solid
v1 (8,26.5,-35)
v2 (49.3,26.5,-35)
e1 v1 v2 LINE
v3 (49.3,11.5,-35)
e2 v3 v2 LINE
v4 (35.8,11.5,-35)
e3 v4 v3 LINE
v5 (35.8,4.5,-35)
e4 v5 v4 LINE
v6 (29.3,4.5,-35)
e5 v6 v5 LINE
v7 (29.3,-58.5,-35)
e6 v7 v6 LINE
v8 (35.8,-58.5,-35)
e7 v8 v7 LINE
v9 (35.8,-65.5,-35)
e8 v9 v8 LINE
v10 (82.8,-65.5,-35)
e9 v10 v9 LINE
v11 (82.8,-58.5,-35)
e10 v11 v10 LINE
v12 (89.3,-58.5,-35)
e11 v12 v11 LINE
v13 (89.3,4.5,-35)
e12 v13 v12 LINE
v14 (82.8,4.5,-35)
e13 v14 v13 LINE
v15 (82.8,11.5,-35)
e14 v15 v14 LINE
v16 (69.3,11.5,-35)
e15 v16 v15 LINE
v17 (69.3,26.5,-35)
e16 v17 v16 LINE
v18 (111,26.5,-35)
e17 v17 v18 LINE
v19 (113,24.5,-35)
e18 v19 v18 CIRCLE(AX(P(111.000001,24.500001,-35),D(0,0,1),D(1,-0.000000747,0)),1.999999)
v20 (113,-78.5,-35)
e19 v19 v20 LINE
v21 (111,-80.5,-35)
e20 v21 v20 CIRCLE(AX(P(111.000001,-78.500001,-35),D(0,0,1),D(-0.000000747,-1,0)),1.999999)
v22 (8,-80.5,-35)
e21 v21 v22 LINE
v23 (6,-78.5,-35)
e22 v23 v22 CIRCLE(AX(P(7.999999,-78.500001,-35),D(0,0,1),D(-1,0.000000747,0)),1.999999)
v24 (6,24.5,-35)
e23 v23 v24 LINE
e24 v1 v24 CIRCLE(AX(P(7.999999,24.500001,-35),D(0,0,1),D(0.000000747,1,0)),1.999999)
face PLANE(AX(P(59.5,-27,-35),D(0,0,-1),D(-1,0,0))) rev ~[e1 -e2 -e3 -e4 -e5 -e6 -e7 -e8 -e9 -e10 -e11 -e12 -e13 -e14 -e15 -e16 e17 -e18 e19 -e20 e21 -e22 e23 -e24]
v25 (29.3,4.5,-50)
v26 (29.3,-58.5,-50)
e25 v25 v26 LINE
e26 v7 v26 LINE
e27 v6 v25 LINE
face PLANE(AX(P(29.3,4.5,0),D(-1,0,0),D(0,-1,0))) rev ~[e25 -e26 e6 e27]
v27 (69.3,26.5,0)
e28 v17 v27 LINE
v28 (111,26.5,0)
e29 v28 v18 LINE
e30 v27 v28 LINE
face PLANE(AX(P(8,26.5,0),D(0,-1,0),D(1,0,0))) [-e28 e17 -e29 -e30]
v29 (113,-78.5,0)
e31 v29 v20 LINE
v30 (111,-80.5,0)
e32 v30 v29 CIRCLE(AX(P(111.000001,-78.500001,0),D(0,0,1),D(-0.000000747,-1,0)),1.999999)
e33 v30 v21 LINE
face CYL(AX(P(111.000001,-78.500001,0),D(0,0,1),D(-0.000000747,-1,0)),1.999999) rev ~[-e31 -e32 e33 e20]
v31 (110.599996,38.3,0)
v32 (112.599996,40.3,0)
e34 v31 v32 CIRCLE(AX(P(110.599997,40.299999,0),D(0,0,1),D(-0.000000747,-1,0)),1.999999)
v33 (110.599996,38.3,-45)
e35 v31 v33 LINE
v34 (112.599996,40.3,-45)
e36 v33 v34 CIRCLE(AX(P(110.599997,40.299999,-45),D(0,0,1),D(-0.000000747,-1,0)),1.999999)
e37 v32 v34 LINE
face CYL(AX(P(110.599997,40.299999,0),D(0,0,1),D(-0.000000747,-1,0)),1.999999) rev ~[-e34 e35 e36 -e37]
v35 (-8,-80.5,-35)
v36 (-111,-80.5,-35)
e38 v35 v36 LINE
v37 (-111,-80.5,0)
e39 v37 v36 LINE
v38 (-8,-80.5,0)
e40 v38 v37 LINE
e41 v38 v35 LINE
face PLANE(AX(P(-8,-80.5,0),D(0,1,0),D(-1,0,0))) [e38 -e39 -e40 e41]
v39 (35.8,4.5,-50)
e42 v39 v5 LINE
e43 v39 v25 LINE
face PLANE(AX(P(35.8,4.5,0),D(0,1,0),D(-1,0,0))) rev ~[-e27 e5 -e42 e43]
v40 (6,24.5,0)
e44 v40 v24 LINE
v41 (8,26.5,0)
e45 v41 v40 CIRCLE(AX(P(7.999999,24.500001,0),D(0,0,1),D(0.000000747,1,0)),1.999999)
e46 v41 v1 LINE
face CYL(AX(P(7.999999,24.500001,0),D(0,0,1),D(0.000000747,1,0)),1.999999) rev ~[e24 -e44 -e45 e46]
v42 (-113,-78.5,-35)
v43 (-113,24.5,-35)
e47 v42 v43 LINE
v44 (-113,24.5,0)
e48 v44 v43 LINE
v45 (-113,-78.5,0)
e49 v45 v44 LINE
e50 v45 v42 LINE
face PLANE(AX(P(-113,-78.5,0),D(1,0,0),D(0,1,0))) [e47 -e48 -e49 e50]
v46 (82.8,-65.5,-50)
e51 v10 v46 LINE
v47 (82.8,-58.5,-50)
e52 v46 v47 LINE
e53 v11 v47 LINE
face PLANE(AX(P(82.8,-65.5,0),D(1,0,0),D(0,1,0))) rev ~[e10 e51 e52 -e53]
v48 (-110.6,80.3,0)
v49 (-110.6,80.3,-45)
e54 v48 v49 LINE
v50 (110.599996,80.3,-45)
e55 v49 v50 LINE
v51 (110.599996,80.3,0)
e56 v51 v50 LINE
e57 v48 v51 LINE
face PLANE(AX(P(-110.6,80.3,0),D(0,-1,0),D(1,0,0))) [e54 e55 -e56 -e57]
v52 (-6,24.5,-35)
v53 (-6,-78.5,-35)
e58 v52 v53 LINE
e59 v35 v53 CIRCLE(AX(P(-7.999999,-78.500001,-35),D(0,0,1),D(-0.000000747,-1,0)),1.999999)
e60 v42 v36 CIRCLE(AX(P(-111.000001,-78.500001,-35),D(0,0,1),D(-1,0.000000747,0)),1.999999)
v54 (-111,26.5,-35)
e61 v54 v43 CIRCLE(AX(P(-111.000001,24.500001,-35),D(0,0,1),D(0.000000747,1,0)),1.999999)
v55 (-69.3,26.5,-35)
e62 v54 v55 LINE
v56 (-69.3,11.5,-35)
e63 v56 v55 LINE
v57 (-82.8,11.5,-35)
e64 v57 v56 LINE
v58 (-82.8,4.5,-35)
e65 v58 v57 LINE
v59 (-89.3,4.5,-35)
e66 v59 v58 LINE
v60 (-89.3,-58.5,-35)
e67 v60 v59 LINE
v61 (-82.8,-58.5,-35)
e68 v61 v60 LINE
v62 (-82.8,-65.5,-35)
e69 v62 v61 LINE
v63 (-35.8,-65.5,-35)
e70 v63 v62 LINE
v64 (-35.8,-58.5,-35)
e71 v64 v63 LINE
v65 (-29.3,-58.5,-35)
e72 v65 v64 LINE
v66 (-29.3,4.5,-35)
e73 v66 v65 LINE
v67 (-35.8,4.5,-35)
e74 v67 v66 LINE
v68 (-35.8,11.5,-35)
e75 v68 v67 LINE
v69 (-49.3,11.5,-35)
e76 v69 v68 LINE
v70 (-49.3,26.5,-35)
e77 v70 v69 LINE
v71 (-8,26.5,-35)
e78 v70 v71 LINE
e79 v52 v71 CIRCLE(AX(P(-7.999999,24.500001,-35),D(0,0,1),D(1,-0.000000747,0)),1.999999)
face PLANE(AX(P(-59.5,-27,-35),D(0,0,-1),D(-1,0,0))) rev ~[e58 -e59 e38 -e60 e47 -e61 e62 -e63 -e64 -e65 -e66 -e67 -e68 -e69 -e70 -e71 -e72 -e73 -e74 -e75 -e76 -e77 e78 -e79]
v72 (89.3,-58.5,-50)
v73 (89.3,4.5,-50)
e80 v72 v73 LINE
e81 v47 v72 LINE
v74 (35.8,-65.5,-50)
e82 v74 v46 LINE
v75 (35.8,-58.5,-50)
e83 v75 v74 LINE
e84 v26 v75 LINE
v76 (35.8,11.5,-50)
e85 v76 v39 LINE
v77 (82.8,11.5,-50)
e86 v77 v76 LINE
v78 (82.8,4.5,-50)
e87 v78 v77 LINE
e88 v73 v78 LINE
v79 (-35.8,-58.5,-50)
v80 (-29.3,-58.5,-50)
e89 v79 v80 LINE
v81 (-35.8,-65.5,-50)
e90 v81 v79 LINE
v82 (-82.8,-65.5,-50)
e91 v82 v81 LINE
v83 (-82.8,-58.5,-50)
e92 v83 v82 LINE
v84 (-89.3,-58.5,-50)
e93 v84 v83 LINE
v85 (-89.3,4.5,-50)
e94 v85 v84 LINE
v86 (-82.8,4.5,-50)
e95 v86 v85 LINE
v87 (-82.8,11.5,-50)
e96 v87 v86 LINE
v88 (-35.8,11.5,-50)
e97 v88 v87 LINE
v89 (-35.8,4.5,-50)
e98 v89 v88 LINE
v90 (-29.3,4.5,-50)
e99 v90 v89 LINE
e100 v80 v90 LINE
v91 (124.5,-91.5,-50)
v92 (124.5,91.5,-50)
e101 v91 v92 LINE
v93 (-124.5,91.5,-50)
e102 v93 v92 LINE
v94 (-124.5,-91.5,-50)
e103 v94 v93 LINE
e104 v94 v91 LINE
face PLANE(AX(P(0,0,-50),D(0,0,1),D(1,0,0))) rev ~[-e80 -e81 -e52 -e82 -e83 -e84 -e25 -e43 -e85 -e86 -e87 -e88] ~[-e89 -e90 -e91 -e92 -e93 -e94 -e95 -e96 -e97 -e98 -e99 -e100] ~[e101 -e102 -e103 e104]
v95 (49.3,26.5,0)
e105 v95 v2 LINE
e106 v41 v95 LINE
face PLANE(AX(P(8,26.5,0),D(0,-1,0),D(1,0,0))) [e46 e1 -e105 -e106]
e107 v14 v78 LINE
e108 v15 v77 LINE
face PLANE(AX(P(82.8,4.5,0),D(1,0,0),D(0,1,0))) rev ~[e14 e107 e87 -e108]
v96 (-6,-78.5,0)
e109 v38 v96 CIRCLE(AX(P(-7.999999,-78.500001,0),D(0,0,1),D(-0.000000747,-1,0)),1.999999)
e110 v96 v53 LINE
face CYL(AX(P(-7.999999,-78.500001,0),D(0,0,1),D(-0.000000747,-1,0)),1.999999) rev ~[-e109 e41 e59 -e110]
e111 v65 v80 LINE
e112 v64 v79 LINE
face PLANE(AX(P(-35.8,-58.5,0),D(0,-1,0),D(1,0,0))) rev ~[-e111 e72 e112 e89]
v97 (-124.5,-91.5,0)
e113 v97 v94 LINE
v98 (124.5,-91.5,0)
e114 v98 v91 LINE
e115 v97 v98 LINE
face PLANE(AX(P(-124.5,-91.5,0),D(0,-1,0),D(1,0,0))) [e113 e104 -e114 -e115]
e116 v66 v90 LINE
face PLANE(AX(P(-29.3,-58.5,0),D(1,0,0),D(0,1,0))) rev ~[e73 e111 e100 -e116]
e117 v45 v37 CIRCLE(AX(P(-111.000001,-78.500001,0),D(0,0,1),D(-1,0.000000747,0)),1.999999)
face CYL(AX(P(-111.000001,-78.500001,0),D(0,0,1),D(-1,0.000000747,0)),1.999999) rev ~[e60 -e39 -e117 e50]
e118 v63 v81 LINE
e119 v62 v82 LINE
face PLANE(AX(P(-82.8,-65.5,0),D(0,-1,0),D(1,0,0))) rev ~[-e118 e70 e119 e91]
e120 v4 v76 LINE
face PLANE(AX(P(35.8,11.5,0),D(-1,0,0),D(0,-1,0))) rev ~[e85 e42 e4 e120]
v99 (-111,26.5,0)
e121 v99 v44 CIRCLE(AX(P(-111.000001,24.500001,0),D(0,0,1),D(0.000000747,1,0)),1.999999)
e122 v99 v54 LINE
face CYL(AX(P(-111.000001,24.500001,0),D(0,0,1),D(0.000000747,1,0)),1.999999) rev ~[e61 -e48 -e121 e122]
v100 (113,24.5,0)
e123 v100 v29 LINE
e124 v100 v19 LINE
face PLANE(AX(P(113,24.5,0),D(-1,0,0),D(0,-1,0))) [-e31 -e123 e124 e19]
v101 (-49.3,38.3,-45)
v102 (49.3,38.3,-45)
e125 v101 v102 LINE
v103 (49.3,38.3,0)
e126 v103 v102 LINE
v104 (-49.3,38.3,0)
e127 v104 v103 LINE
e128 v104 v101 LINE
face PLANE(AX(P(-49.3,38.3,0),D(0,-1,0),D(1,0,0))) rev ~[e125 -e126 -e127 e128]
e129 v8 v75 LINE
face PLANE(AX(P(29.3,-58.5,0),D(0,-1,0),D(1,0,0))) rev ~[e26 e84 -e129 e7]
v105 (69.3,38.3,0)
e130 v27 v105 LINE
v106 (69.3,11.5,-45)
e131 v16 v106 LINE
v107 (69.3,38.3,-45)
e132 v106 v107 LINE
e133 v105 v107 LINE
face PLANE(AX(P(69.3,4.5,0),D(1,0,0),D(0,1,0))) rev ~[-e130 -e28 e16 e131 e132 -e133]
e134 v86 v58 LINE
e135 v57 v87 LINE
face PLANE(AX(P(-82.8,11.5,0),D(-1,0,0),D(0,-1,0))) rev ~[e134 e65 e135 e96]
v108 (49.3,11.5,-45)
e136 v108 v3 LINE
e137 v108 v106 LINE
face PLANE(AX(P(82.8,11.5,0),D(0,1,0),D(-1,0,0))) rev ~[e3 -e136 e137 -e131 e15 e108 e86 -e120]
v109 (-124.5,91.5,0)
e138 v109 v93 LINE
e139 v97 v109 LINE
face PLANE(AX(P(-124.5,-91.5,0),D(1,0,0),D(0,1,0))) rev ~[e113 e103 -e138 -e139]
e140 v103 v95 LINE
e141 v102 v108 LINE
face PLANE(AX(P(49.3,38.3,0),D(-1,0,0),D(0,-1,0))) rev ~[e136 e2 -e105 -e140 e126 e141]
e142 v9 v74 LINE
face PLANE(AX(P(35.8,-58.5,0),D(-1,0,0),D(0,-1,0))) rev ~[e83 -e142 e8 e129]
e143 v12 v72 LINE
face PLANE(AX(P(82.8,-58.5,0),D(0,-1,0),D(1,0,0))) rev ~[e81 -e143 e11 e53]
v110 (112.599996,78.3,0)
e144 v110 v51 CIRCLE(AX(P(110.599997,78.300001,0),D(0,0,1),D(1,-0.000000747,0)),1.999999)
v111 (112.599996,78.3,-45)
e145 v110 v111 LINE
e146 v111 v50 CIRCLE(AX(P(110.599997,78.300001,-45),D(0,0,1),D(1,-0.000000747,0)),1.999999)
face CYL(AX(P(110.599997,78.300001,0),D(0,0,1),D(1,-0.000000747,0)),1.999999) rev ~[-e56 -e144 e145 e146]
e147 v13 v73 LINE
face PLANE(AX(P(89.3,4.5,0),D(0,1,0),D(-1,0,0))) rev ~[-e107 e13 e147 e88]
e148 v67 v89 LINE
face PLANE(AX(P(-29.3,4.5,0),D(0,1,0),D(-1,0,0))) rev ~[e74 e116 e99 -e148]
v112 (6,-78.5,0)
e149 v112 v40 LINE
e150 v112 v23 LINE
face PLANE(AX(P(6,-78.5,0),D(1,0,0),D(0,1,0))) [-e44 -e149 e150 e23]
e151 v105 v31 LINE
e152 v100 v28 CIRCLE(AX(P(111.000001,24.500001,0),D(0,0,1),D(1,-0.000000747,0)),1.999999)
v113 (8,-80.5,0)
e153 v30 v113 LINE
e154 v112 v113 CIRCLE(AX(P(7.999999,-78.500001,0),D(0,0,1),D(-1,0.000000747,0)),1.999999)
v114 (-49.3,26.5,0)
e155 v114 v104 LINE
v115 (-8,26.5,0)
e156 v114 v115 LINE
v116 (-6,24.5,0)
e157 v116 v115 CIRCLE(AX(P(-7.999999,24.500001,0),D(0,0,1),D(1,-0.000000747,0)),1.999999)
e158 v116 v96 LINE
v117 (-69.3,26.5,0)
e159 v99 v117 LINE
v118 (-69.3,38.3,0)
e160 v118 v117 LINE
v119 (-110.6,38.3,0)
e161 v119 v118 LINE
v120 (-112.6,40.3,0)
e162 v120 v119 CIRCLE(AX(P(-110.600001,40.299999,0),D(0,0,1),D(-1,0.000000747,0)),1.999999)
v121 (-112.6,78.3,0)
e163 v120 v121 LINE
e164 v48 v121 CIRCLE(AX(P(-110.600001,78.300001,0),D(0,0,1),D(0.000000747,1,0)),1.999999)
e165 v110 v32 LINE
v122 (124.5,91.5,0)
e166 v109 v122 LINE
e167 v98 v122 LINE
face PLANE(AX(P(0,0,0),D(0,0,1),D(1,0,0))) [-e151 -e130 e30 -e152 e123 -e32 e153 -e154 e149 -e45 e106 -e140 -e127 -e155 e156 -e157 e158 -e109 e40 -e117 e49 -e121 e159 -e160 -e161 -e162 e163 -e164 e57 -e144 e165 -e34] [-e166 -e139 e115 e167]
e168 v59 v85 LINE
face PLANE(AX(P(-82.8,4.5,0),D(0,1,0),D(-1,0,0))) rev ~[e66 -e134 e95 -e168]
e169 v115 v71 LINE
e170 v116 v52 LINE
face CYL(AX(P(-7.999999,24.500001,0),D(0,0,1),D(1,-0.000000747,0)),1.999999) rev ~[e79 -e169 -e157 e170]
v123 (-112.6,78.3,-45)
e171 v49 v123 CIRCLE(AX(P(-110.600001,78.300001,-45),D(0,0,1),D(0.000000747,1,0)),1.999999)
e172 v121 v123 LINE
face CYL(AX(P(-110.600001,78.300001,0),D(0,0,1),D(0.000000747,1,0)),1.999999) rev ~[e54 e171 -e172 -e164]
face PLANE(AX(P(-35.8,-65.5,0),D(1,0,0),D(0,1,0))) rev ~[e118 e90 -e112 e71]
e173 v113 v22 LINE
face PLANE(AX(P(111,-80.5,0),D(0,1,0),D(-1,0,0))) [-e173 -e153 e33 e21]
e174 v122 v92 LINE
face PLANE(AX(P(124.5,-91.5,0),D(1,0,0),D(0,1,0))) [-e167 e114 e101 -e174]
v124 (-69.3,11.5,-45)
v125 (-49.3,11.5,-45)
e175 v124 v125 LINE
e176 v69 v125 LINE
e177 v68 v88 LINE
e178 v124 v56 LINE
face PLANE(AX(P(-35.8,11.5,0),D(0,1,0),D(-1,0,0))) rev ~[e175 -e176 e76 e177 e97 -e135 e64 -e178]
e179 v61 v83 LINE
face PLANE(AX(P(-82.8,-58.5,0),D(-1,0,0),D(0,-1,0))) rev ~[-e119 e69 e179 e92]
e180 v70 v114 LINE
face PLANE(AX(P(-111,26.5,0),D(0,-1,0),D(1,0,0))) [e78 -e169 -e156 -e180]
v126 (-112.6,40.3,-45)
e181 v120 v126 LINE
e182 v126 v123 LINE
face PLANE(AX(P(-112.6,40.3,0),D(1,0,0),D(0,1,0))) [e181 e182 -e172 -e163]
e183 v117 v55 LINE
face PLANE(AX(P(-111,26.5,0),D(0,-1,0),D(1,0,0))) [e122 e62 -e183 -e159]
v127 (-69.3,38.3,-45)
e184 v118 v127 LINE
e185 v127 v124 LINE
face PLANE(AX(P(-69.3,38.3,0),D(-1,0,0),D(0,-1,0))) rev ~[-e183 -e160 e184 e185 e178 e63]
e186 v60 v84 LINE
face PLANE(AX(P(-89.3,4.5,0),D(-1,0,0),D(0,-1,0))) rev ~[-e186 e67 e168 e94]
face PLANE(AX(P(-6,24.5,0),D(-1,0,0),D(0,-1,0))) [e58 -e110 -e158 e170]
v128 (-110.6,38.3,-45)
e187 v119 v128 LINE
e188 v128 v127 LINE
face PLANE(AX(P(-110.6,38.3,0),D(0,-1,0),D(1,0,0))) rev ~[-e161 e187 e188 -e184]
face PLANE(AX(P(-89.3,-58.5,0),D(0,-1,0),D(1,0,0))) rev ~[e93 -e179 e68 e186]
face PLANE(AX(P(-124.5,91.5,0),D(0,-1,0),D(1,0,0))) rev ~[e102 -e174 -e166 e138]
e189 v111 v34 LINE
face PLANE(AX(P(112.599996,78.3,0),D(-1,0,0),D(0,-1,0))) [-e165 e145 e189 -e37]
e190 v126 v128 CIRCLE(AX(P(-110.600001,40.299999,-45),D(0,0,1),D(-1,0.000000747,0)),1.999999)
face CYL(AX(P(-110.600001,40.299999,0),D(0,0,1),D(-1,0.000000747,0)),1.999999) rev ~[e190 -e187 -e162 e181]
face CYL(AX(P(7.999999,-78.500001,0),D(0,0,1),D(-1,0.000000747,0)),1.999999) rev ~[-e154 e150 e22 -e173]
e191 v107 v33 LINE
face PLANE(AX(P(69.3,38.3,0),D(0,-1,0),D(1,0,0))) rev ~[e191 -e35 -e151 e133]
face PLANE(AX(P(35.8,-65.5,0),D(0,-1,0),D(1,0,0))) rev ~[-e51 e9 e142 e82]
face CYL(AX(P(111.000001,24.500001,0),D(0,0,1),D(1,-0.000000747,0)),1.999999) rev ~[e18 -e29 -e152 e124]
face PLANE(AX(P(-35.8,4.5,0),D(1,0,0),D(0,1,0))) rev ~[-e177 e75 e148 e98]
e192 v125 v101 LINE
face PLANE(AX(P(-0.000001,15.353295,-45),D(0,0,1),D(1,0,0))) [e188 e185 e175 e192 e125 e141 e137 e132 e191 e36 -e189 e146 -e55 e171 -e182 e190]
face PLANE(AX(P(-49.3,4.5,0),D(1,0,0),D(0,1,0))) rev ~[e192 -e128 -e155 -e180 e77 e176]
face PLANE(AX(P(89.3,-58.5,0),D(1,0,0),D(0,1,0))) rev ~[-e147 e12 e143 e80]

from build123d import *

# Parameters (mm, degrees)
SKETCH_W        = 249
SKETCH_H        = 183
PAD_DEPTH       = 50
POCKET_DEPTH    = 35
POCKET001_DEPTH = 50
POCKET002_DEPTH = 45


with BuildPart() as part:
    # Sketch → Pad (new body)
    with BuildSketch(Plane.XY):
        Rectangle(SKETCH_W, SKETCH_H)
    extrude(amount=-PAD_DEPTH)

    # Sketch001 → Pocket (cut)
    with BuildSketch(Plane.XY):
        with BuildLine():
            Line((-111, 26.5), (-8, 26.5))
            ThreePointArc((-6, 24.5), (-6.585786, 25.914214), (-8, 26.5))
            Line((-6, 24.5), (-6, -78.5))
            ThreePointArc((-8, -80.5), (-6.585786, -79.914214), (-6, -78.5))
            Line((-8, -80.5), (-111, -80.5))
            ThreePointArc((-113, -78.5), (-112.414214, -79.914214), (-111, -80.5))
            Line((-113, -78.5), (-113, 24.5))
            ThreePointArc((-111, 26.5), (-112.414214, 25.914214), (-113, 24.5))
        make_face()
        with BuildLine():
            Line((8, 26.5), (111, 26.5))
            ThreePointArc((113, 24.5), (112.414214, 25.914214), (111, 26.5))
            Line((113, 24.5), (113, -78.5))
            ThreePointArc((111, -80.5), (112.414214, -79.914214), (113, -78.5))
            Line((111, -80.5), (8, -80.5))
            ThreePointArc((6, -78.5), (6.585786, -79.914214), (8, -80.5))
            Line((6, -78.5), (6, 24.5))
            ThreePointArc((8, 26.5), (6.585786, 25.914214), (6, 24.5))
        make_face()
    extrude(amount=-POCKET_DEPTH, mode=Mode.SUBTRACT)

    # Sketch002 → Pocket001 (cut)
    with BuildSketch(Plane.XY):
        Polygon((-82.8, 4.5), (-89.3, 4.5), (-89.3, -58.5), (-82.8, -58.5), (-82.8, -65.5), (-35.8, -65.5), (-35.8, -58.5), (-29.3, -58.5), (-29.3, 4.5), (-35.8, 4.5), (-35.8, 11.5), (-82.8, 11.5), align=None)
        Polygon((35.8, 4.5), (29.3, 4.5), (29.3, -58.5), (35.8, -58.5), (35.8, -65.5), (82.8, -65.5), (82.8, -58.5), (89.3, -58.5), (89.3, 4.5), (82.8, 4.5), (82.8, 11.5), (35.8, 11.5), align=None)
    extrude(amount=-POCKET001_DEPTH, mode=Mode.SUBTRACT)

    # Sketch003 → Pocket002 (cut)
    with BuildSketch(Plane.XY):
        with BuildLine():
            ThreePointArc((-110.6, 80.3), (-112.014214, 79.714214), (-112.6, 78.3))
            Line((-112.6, 40.3), (-112.6, 78.3))
            ThreePointArc((-112.6, 40.3), (-112.014214, 38.885786), (-110.6, 38.3))
            Line((-110.6, 38.3), (-69.3, 38.3))
            Line((-69.3, 38.3), (-69.3, 4.5))
            Line((-69.3, 4.5), (-89.3, 4.5))
            Line((-89.3, 4.5), (-89.3, -58.5))
            Line((-89.3, -58.5), (-82.8, -58.5))
            Line((-82.8, -58.5), (-82.8, -65.5))
            Line((-82.8, -65.5), (-35.8, -65.5))
            Line((-35.8, -65.5), (-35.8, -58.5))
            Line((-35.8, -58.5), (-29.3, -58.5))
            Line((-29.3, -58.5), (-29.3, 4.5))
            Line((-29.3, 4.5), (-49.3, 4.5))
            Line((-49.3, 4.5), (-49.3, 38.3))
            Line((-49.3, 38.3), (49.3, 38.3))
            Line((49.3, 38.3), (49.3, 4.5))
            Line((49.3, 4.5), (29.3, 4.5))
            Line((29.3, 4.5), (29.3, -58.5))
            Line((29.3, -58.5), (35.8, -58.5))
            Line((35.8, -58.5), (35.8, -65.5))
            Line((35.8, -65.5), (82.8, -65.5))
            Line((82.8, -65.5), (82.8, -58.5))
            Line((82.8, -58.5), (89.3, -58.5))
            Line((89.3, -58.5), (89.3, 4.5))
            Line((89.3, 4.5), (69.3, 4.5))
            Line((69.3, 4.5), (69.3, 38.3))
            Line((69.3, 38.3), (110.599996, 38.3))
            ThreePointArc((110.599996, 38.3), (112.01421, 38.885786), (112.599996, 40.3))
            Line((112.599996, 78.3), (112.599996, 40.3))
            ThreePointArc((112.599996, 78.3), (112.01421, 79.714214), (110.599996, 80.3))
            Line((-110.6, 80.3), (110.599996, 80.3))
        make_face()
    extrude(amount=-POCKET002_DEPTH, mode=Mode.SUBTRACT)


solid = part.part
